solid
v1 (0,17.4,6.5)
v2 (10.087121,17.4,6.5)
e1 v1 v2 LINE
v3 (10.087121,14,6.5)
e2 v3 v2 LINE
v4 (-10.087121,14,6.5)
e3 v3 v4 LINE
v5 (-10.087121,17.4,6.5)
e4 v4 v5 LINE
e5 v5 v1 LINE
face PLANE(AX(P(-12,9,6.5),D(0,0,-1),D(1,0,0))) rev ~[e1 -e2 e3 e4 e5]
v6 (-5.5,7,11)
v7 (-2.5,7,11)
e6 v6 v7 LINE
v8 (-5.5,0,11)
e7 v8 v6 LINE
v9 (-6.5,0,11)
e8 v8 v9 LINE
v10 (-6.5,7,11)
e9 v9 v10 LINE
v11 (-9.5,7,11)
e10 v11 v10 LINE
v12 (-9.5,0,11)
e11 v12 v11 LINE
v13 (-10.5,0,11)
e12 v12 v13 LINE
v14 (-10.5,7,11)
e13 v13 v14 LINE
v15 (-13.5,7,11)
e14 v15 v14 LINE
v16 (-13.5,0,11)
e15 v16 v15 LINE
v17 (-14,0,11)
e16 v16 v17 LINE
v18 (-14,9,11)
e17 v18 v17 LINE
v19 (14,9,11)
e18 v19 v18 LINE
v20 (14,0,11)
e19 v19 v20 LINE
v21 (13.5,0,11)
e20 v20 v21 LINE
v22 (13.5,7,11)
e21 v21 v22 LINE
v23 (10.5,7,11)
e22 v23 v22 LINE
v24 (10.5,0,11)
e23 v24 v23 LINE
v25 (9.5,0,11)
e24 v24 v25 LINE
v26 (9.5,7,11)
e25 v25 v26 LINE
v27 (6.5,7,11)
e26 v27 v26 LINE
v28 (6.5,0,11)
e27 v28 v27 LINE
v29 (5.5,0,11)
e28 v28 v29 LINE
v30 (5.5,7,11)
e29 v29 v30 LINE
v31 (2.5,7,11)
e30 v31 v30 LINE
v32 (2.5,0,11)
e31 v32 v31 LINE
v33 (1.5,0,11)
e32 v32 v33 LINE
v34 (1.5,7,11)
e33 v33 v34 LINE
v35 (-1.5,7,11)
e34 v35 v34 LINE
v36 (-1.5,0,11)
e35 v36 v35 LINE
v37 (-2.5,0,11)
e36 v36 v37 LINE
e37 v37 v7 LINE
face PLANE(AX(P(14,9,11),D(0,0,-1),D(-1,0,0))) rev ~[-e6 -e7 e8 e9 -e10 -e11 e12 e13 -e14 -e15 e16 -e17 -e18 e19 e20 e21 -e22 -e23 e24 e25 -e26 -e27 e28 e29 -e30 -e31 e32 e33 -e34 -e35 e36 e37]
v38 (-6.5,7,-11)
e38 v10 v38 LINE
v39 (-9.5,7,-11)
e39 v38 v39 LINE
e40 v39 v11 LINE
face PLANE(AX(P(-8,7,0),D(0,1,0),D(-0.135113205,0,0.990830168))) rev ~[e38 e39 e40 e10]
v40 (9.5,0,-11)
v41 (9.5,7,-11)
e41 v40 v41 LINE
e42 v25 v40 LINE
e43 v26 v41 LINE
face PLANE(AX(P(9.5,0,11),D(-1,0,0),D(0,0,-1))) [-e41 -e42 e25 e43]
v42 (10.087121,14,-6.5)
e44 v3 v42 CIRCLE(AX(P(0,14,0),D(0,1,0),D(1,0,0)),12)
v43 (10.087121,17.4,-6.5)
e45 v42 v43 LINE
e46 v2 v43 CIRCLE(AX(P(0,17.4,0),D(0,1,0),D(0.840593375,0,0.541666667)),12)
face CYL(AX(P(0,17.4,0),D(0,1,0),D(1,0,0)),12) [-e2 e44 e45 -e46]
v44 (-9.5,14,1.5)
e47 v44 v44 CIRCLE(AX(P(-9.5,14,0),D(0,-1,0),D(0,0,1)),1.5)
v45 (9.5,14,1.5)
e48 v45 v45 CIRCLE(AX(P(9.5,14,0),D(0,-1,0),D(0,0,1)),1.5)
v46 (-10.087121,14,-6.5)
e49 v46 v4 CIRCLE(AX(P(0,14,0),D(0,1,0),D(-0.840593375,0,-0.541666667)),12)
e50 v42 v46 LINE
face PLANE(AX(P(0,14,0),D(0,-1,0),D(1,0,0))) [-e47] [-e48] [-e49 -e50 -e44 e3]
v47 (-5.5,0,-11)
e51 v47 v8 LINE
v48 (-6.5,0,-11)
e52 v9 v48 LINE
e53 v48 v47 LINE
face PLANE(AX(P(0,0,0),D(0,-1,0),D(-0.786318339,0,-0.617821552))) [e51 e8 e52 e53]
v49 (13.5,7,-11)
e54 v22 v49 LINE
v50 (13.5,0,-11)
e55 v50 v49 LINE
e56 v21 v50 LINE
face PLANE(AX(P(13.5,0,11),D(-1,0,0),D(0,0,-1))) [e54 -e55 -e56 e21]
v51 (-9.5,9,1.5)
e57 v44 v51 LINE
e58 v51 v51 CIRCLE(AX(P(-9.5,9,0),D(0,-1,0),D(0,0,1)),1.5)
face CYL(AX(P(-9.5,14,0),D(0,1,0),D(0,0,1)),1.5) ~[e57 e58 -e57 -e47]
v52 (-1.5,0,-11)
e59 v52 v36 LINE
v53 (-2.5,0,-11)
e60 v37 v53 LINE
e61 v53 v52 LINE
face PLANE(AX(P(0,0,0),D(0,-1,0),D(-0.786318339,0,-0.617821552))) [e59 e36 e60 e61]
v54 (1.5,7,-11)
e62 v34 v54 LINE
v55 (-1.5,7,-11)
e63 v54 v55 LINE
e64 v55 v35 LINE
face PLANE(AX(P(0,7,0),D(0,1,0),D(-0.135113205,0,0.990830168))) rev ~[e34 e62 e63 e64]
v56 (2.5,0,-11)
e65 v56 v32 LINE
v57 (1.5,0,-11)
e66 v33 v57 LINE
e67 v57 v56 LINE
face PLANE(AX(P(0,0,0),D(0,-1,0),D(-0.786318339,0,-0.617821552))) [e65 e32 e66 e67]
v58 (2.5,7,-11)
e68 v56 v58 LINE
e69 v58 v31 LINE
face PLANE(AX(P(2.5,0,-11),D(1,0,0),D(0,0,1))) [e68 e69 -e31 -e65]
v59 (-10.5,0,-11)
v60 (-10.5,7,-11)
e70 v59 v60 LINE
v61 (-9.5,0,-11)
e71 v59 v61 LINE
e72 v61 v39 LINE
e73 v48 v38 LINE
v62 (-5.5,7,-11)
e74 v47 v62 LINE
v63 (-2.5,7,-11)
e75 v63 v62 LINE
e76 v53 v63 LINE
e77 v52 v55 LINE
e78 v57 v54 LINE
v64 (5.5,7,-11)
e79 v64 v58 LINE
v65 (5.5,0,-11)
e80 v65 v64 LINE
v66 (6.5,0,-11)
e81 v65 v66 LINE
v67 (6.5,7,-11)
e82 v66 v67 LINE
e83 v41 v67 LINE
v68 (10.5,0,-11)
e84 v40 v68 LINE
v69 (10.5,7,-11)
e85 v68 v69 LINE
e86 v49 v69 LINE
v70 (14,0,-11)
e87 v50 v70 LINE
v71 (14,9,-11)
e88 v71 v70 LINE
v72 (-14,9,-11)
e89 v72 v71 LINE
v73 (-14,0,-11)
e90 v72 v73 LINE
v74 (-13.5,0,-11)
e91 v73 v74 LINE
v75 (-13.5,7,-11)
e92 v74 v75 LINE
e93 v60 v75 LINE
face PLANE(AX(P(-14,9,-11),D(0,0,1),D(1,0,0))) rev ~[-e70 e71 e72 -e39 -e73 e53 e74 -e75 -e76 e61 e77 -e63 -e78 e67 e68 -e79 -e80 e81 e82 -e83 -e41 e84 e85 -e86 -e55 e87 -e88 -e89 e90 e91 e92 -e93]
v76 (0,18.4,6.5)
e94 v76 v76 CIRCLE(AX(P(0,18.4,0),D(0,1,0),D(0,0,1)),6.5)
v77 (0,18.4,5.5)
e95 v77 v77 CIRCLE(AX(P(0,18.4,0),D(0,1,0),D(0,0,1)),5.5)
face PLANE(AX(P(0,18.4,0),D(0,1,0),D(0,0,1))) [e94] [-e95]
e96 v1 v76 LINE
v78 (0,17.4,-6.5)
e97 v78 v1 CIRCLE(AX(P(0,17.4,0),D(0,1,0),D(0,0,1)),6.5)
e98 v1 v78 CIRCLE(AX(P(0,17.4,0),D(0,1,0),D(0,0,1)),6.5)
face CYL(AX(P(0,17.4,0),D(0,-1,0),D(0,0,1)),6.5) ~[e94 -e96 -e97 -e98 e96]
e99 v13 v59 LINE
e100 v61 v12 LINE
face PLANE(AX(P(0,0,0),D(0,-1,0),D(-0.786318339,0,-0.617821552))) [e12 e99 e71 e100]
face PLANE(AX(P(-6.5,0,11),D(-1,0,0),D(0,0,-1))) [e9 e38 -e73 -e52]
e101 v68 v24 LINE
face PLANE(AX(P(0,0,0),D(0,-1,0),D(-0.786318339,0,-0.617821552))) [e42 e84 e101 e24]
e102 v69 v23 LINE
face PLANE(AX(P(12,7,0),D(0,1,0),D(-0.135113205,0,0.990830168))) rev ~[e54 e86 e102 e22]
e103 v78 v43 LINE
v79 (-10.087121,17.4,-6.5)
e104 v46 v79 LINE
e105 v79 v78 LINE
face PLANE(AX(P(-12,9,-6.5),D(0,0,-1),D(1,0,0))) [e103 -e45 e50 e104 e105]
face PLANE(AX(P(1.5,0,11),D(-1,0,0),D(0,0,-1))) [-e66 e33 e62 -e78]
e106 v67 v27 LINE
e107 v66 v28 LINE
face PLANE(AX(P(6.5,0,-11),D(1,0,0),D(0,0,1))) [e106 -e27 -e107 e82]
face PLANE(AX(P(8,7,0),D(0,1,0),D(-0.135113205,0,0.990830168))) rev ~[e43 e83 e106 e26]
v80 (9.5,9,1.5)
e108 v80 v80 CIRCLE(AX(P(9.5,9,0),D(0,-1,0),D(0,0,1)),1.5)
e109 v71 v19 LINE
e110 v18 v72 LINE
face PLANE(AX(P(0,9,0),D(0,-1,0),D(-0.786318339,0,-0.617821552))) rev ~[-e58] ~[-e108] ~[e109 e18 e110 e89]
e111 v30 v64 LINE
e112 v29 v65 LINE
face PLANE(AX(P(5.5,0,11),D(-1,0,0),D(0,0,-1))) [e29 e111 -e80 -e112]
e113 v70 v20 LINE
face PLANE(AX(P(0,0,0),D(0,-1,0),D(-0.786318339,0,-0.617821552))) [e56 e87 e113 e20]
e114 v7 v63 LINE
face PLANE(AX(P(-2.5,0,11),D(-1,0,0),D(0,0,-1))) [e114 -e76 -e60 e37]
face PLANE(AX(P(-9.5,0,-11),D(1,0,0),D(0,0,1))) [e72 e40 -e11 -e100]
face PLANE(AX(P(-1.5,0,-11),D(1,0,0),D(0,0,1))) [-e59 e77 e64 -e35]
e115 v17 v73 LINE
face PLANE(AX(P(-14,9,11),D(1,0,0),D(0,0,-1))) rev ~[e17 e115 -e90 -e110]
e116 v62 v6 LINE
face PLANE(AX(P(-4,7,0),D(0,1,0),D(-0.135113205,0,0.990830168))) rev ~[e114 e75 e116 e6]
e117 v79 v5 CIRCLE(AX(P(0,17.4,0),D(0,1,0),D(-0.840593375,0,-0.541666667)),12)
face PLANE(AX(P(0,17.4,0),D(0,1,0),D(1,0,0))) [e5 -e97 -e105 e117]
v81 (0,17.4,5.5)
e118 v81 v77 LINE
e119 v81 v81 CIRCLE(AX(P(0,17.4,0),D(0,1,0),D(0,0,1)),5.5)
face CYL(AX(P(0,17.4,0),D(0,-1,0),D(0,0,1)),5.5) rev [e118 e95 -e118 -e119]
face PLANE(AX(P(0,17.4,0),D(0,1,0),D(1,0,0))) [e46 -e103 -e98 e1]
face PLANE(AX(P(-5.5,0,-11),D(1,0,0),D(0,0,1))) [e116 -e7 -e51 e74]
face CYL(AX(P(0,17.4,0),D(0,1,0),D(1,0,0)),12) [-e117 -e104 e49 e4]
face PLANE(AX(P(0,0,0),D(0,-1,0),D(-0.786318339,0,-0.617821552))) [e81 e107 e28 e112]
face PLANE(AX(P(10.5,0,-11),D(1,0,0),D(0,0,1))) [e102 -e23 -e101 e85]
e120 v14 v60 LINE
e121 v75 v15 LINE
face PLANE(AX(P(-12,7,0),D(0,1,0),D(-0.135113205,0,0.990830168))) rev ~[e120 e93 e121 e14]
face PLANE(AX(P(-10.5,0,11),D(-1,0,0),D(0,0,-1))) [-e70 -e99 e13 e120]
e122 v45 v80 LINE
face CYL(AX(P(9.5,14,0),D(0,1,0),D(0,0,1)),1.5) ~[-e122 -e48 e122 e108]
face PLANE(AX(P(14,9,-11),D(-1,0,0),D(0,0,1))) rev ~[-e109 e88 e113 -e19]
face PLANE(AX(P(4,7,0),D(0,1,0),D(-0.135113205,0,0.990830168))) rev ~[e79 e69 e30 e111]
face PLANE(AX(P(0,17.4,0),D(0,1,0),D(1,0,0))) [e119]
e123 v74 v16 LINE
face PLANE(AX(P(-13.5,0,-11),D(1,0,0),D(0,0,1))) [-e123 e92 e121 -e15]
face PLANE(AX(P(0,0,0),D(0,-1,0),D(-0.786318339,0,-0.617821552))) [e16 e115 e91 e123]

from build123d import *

# Parameters (mm, degrees)
SCHIZZO1_W                   = 28
SCHIZZO1_H                   = 22
ESTRUSIONE_ESTRUSIONE1_DEPTH = 9
SCHIZZO2_W                   = 24
SCHIZZO2_H                   = 13
ESTRUSIONE_ESTRUSIONE2_DEPTH = 8.4
SCHIZZO3_R                   = 6.5
SCHIZZO3_R_2                 = 5.5
ESTRUSIONE_ESTRUSIONE3_DEPTH = 1
SCHIZZO5_OUTSIDE_W           = 38.016
SCHIZZO5_OUTSIDE_H           = 32.016
SCHIZZO5_OUTSIDE_R           = 12
TAGLIO_ESTRUSIONE1_DEPTH     = 10
SCHIZZO6_W                   = 28
SCHIZZO6_H                   = 22
TAGLIO_ESTRUSIONE2_DEPTH     = 14
SCHIZZO7_R                   = 1.5
ESTRUSIONE_ESTRUSIONE4_DEPTH = 5
ESTRUSIONE_ESTRUSIONE5_DEPTH = 9
TAGLIO_ESTRUSIONE3_DEPTH     = 7
RIPETIZIONE_A_L1_COUNT       = 7
RIPETIZIONE_A_L1_PITCH       = 4


with BuildPart() as part:
    # Schizzo1 → Estrusione-Estrusione1 (new body)
    with BuildSketch(Plane(origin=(0, 0, 0), x_dir=(1, 0, 0), z_dir=(0, 1, 0))):
        Rectangle(SCHIZZO1_W, SCHIZZO1_H)
    extrude(amount=ESTRUSIONE_ESTRUSIONE1_DEPTH)

    # Schizzo2 → Estrusione-Estrusione2 (add)
    with BuildSketch(Plane(origin=(0, 9, 0), x_dir=(1, 0, 0), z_dir=(0, 1, 0))):
        Rectangle(SCHIZZO2_W, SCHIZZO2_H)
    extrude(amount=ESTRUSIONE_ESTRUSIONE2_DEPTH)

    # Schizzo3 → Estrusione-Estrusione3 (add)
    with BuildSketch(Plane(origin=(0, 17.4, 0), x_dir=(1, 0, 0), z_dir=(0, 1, 0))):
        with Locations(Location((0, 0, 0), (0, 0, 270))):
            Circle(SCHIZZO3_R)
        with Locations(Location((0, 0, 0), (0, 0, 270))):
            Circle(SCHIZZO3_R_2, mode=Mode.SUBTRACT)
    extrude(amount=ESTRUSIONE_ESTRUSIONE3_DEPTH)

    # Schizzo5 outside → Taglio-Estrusione1 (cut)
    with BuildSketch(Plane(origin=(0, 17.4, 0), x_dir=(1, 0, 0), z_dir=(0, 1, 0))):
        Rectangle(SCHIZZO5_OUTSIDE_W, SCHIZZO5_OUTSIDE_H)
        Circle(SCHIZZO5_OUTSIDE_R, mode=Mode.SUBTRACT)
    extrude(amount=-TAGLIO_ESTRUSIONE1_DEPTH, mode=Mode.SUBTRACT)

    # Schizzo6 → Taglio-Estrusione2 (cut)
    with BuildSketch(Plane.XZ):
        Rectangle(SCHIZZO6_W, SCHIZZO6_H)
    extrude(amount=-TAGLIO_ESTRUSIONE2_DEPTH, mode=Mode.SUBTRACT)

    # Schizzo7 → Estrusione-Estrusione4 (add)
    with BuildSketch(Plane.XZ.offset(-14)):
        with Locations(Location((-9.5, 0, 0), (0, 0, 90))):
            Circle(SCHIZZO7_R)
        with Locations(Location((9.5, 0, 0), (0, 0, 90))):
            Circle(SCHIZZO7_R)
    extrude(amount=ESTRUSIONE_ESTRUSIONE4_DEPTH)

    # Schizzo3D1 → Estrusione-Estrusione5 (add)
    with BuildSketch(Plane(origin=(14, 9, 11), x_dir=(-0.7863183388224227, 0, -0.6178215519319035), z_dir=(0, -1, 0))):
        Polygon((0, 0), (22.016913487, -17.299003454), (35.60898763, 0), (13.592074143, 17.299003454), align=None)
    extrude(amount=ESTRUSIONE_ESTRUSIONE5_DEPTH)

    # Schizzo3D2 → Taglio-Estrusione3 (cut)
    with BuildSketch(Plane(origin=(-13.5, 0, 11), x_dir=(0.13511320473331354, 0, -0.990830168044299), z_dir=(0, -1, 0))):
        Polygon((0, 0), (0.405339614, 2.972490504), (22.203603311, 0), (21.798263697, -2.972490504), align=None)
    taglio_estrusione3 = extrude(amount=-TAGLIO_ESTRUSIONE3_DEPTH, mode=Mode.SUBTRACT)

    # Ripetizione a L1: Taglio-Estrusione3 ×7
    with Locations(*[(i * RIPETIZIONE_A_L1_PITCH, 0, 0) for i in range(1, RIPETIZIONE_A_L1_COUNT)]):
        add(taglio_estrusione3, mode=Mode.SUBTRACT)


solid = part.part
